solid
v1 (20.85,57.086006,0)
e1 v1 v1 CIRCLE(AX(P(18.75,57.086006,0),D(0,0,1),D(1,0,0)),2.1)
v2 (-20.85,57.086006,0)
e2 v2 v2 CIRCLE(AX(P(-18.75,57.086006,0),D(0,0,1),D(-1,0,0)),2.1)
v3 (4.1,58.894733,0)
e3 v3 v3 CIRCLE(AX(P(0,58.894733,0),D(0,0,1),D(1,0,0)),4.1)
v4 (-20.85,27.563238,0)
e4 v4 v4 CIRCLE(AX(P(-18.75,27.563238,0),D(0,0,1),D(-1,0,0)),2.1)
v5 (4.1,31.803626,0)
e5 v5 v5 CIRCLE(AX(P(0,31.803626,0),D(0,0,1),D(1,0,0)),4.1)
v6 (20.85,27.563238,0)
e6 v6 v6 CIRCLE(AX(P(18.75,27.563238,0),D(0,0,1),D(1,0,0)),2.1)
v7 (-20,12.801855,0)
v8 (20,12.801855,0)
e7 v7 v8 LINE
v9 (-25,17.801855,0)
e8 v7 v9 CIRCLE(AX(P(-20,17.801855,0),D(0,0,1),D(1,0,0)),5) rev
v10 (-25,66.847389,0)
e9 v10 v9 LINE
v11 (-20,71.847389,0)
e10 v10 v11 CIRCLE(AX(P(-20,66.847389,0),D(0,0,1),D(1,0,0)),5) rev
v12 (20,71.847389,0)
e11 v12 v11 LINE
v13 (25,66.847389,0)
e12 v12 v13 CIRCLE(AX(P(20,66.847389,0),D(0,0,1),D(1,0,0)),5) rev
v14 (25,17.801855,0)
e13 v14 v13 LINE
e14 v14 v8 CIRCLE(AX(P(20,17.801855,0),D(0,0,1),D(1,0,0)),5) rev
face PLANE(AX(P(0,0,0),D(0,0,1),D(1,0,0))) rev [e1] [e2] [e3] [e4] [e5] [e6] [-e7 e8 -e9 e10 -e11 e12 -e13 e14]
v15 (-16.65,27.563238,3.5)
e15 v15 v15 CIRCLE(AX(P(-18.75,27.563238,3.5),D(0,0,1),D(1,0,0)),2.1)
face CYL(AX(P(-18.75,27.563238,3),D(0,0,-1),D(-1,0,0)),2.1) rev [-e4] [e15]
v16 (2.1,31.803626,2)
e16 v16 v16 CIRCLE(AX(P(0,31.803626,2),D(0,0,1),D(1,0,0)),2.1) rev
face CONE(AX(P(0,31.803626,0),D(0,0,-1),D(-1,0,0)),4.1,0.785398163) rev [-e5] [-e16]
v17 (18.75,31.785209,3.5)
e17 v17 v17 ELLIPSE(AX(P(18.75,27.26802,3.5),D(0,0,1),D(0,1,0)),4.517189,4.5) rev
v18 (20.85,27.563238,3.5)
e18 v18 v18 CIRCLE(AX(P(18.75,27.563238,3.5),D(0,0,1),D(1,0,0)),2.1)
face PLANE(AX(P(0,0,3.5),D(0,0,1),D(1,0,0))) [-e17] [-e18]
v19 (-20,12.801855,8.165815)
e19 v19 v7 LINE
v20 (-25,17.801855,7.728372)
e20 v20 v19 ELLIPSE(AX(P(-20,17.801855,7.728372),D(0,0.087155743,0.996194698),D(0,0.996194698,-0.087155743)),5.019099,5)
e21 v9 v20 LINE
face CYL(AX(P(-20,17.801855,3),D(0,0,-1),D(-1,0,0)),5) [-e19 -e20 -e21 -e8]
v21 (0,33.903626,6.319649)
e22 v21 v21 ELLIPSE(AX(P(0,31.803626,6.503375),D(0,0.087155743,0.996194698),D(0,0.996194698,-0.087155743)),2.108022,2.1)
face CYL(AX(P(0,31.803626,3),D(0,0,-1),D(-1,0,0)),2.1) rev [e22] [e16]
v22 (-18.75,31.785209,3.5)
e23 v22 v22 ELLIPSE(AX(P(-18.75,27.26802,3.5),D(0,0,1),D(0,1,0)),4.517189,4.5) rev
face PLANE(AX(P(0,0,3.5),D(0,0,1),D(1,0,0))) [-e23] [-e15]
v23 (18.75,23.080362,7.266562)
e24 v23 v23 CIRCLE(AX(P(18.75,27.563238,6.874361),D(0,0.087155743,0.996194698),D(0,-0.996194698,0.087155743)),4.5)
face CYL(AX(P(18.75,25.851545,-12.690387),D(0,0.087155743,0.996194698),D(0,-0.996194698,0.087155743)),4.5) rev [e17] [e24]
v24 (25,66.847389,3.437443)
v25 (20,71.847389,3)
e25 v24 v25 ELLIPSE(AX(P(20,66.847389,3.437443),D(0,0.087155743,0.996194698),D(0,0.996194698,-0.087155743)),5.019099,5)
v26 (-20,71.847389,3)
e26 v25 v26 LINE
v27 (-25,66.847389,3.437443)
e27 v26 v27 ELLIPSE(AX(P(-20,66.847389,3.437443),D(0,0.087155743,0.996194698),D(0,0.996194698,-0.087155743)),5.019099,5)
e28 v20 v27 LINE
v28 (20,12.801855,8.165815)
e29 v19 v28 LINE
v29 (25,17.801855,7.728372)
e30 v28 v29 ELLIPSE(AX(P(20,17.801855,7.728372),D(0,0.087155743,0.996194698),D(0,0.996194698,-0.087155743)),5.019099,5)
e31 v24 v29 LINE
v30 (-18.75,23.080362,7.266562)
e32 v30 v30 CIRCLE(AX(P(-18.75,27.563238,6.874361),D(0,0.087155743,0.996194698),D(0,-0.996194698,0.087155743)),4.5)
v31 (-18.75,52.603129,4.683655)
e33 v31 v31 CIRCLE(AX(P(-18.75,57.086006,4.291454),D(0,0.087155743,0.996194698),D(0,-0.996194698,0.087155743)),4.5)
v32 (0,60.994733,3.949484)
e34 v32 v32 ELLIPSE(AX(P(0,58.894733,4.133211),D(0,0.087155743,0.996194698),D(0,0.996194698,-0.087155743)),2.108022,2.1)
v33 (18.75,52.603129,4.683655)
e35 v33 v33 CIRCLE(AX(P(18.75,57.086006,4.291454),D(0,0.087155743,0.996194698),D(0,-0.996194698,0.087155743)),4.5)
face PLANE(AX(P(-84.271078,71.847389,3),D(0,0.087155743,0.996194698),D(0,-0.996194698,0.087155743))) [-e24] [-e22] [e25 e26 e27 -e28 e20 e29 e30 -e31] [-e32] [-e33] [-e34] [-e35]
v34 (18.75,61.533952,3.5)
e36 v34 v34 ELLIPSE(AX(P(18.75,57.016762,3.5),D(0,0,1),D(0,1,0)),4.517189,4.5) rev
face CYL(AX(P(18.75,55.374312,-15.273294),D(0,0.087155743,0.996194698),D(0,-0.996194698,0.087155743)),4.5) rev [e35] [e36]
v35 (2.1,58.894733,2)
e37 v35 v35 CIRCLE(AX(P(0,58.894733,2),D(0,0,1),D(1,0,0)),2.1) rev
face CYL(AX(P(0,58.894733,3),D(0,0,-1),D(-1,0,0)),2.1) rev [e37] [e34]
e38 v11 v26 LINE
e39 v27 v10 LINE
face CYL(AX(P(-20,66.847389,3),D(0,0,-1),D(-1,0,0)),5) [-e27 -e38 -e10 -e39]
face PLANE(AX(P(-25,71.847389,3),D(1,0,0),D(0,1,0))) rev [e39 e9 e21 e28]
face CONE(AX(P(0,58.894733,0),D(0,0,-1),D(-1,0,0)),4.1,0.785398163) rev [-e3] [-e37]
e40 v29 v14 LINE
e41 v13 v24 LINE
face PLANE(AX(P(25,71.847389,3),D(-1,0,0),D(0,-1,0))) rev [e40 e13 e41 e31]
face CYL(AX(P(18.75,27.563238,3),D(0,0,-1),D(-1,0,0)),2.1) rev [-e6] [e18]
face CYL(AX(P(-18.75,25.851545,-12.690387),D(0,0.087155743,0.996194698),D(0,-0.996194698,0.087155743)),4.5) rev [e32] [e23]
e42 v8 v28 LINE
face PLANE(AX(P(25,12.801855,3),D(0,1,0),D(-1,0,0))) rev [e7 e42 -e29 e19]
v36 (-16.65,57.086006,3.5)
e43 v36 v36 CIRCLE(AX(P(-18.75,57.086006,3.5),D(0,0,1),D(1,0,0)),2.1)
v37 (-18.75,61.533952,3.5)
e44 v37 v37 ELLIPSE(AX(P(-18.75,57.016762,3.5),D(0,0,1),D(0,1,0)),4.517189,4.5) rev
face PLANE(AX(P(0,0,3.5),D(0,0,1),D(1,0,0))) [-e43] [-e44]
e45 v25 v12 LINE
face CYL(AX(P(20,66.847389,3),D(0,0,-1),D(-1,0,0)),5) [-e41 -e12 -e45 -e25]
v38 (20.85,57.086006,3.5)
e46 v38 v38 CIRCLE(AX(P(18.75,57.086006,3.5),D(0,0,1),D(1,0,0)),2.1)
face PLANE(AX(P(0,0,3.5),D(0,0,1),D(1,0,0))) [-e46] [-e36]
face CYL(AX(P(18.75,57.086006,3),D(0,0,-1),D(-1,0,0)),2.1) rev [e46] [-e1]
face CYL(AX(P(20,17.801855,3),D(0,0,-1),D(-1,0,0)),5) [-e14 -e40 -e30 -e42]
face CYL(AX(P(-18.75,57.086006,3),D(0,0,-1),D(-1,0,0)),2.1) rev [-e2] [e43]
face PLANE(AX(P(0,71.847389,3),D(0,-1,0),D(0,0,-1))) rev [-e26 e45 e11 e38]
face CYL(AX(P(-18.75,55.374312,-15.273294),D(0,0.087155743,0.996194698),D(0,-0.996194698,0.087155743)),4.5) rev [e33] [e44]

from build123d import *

# Parameters (mm, degrees)
SCHIZZO1_R                   = 2.1
ESTRUSIONE_ESTRUSIONE1_DEPTH = 3
SMUSSO1_SIZE                 = 2
ESTRUSIONE_ESTRUSIONE2_DEPTH = 50
SCHIZZO3_R                   = 2.1
TAGLIO_ESTRUSIONE1_DEPTH     = 10
RACCORDO1_R                  = 5
TAGLIO_ESTRUSIONE3_REACH     = 77.873
SCHIZZO5_R                   = 4.5


with BuildPart() as part:
    # Schizzo1 → Estrusione-Estrusione1 (new body)
    with BuildSketch(Plane.XY):
        Polygon((0, 71.847389048), (25, 71.847389048), (25, 12.801854913), (0, 12.801854913), (-25, 12.801854913), (-25, 71.847389048), align=None)
        with Locations((18.75, 57.086005514)):
            Circle(SCHIZZO1_R, mode=Mode.SUBTRACT)
        with Locations((18.75, 27.563238447)):
            Circle(SCHIZZO1_R, mode=Mode.SUBTRACT)
        with Locations(Location((-18.75, 27.563238447, 0), (0, 0, 180))):
            Circle(SCHIZZO1_R, mode=Mode.SUBTRACT)
        with Locations(Location((-18.75, 57.086005514, 0), (0, 0, 180))):
            Circle(SCHIZZO1_R, mode=Mode.SUBTRACT)
        with Locations((0, 58.89473309)):
            Circle(SCHIZZO1_R, mode=Mode.SUBTRACT)
        with Locations((0, 31.80362551)):
            Circle(SCHIZZO1_R, mode=Mode.SUBTRACT)
    extrude(amount=ESTRUSIONE_ESTRUSIONE1_DEPTH)

    # Smusso1
    smusso1_edges = [part.edges().sort_by_distance(p)[0] for p in [
        (-2.1, 58.89473309, 0),
        (-2.1, 31.80362551, 0),
    ]]
    chamfer(smusso1_edges, length=SMUSSO1_SIZE)

    # Schizzo2 → Estrusione-Estrusione2 (add)
    with BuildSketch(Plane(origin=(25, 0, 0), x_dir=(0, 0, -1), z_dir=(1, 0, 0))):
        Polygon((-3, 71.847389048), (-8.165814869, 12.801854913), (-3, 12.801854913), align=None)
    extrude(amount=-ESTRUSIONE_ESTRUSIONE2_DEPTH)

    # Schizzo3 → Taglio-Estrusione1 (cut)
    with BuildSketch(Plane(origin=(0, 0, 3), x_dir=(-1, 0, 0), z_dir=(0, 0, -1))):
        with Locations((18.75, 27.563238447)):
            Circle(SCHIZZO3_R)
        with Locations((18.75, 57.086005514)):
            Circle(SCHIZZO3_R)
        with Locations(Location((-18.75, 57.086005514, 0), (0, 0, 90))):
            Circle(SCHIZZO3_R)
        with Locations(Location((-18.75, 27.563238447, 0), (0, 0, 90))):
            Circle(SCHIZZO3_R)
        with Locations(Location((0, 31.80362551, 0), (0, 0, 90))):
            Circle(SCHIZZO3_R)
        with Locations(Location((0, 58.89473309, 0), (0, 0, 90))):
            Circle(SCHIZZO3_R)
    extrude(amount=-TAGLIO_ESTRUSIONE1_DEPTH, mode=Mode.SUBTRACT)

    # Raccordo1
    raccordo1_edges = [part.edges().sort_by_distance(p)[0] for p in [
        (25, 71.847389048, 1.5),
        (25, 12.801854913, 4.082907434),
        (-25, 12.801854913, 4.082907434),
        (-25, 71.847389048, 1.5),
    ]]
    fillet(raccordo1_edges, radius=RACCORDO1_R)

    # Taglio-Estrusione3: up to this plane
    taglio_estrusione3_end = Plane(origin=(0, 0, 3.5), z_dir=(0, 0, 1))
    # Schizzo5 → Taglio-Estrusione3 (cut, up to the surface)
    with BuildSketch(Plane(origin=(0, 0.806233906, 9.215295719), x_dir=(1, 0, 0), z_dir=(0, 0.08715574274765137, 0.9961946980917462)), mode=Mode.PRIVATE) as taglio_estrusione3_sk1:
        with Locations(Location((-18.75, 56.494751192, 0), (0, 0, 270))):
            Circle(SCHIZZO5_R)
    taglio_estrusione3_tool1 = split(extrude(taglio_estrusione3_sk1.sketch, amount=-TAGLIO_ESTRUSIONE3_REACH, mode=Mode.PRIVATE), bisect_by=taglio_estrusione3_end, keep=Keep.BOTH, mode=Mode.PRIVATE)
    add(taglio_estrusione3_tool1.solids().sort_by_distance((-18.75, 57.086006, 4.291454))[0], mode=Mode.SUBTRACT)
    # Schizzo5 → Taglio-Estrusione3 (cut, up to the surface)
    with BuildSketch(Plane(origin=(0, 0.806233906, 9.215295719), x_dir=(1, 0, 0), z_dir=(0, 0.08715574274765137, 0.9961946980917462)), mode=Mode.PRIVATE) as taglio_estrusione3_sk2:
        with Locations(Location((18.75, 56.494751192, 0), (0, 0, 270))):
            Circle(SCHIZZO5_R)
    taglio_estrusione3_tool2 = split(extrude(taglio_estrusione3_sk2.sketch, amount=-TAGLIO_ESTRUSIONE3_REACH, mode=Mode.PRIVATE), bisect_by=taglio_estrusione3_end, keep=Keep.BOTH, mode=Mode.PRIVATE)
    add(taglio_estrusione3_tool2.solids().sort_by_distance((18.75, 57.086006, 4.291454))[0], mode=Mode.SUBTRACT)
    # Schizzo5 → Taglio-Estrusione3 (cut, up to the surface)
    with BuildSketch(Plane(origin=(0, 0.806233906, 9.215295719), x_dir=(1, 0, 0), z_dir=(0, 0.08715574274765137, 0.9961946980917462)), mode=Mode.PRIVATE) as taglio_estrusione3_sk3:
        with Locations(Location((18.75, 26.859211951, 0), (0, 0, 270))):
            Circle(SCHIZZO5_R)
    taglio_estrusione3_tool3 = split(extrude(taglio_estrusione3_sk3.sketch, amount=-TAGLIO_ESTRUSIONE3_REACH, mode=Mode.PRIVATE), bisect_by=taglio_estrusione3_end, keep=Keep.BOTH, mode=Mode.PRIVATE)
    add(taglio_estrusione3_tool3.solids().sort_by_distance((18.75, 27.563238, 6.874361))[0], mode=Mode.SUBTRACT)
    # Schizzo5 → Taglio-Estrusione3 (cut, up to the surface)
    with BuildSketch(Plane(origin=(0, 0.806233906, 9.215295719), x_dir=(1, 0, 0), z_dir=(0, 0.08715574274765137, 0.9961946980917462)), mode=Mode.PRIVATE) as taglio_estrusione3_sk4:
        with Locations(Location((-18.75, 26.859211951, 0), (0, 0, 270))):
            Circle(SCHIZZO5_R)
    taglio_estrusione3_tool4 = split(extrude(taglio_estrusione3_sk4.sketch, amount=-TAGLIO_ESTRUSIONE3_REACH, mode=Mode.PRIVATE), bisect_by=taglio_estrusione3_end, keep=Keep.BOTH, mode=Mode.PRIVATE)
    add(taglio_estrusione3_tool4.solids().sort_by_distance((-18.75, 27.563238, 6.874361))[0], mode=Mode.SUBTRACT)


solid = part.part
